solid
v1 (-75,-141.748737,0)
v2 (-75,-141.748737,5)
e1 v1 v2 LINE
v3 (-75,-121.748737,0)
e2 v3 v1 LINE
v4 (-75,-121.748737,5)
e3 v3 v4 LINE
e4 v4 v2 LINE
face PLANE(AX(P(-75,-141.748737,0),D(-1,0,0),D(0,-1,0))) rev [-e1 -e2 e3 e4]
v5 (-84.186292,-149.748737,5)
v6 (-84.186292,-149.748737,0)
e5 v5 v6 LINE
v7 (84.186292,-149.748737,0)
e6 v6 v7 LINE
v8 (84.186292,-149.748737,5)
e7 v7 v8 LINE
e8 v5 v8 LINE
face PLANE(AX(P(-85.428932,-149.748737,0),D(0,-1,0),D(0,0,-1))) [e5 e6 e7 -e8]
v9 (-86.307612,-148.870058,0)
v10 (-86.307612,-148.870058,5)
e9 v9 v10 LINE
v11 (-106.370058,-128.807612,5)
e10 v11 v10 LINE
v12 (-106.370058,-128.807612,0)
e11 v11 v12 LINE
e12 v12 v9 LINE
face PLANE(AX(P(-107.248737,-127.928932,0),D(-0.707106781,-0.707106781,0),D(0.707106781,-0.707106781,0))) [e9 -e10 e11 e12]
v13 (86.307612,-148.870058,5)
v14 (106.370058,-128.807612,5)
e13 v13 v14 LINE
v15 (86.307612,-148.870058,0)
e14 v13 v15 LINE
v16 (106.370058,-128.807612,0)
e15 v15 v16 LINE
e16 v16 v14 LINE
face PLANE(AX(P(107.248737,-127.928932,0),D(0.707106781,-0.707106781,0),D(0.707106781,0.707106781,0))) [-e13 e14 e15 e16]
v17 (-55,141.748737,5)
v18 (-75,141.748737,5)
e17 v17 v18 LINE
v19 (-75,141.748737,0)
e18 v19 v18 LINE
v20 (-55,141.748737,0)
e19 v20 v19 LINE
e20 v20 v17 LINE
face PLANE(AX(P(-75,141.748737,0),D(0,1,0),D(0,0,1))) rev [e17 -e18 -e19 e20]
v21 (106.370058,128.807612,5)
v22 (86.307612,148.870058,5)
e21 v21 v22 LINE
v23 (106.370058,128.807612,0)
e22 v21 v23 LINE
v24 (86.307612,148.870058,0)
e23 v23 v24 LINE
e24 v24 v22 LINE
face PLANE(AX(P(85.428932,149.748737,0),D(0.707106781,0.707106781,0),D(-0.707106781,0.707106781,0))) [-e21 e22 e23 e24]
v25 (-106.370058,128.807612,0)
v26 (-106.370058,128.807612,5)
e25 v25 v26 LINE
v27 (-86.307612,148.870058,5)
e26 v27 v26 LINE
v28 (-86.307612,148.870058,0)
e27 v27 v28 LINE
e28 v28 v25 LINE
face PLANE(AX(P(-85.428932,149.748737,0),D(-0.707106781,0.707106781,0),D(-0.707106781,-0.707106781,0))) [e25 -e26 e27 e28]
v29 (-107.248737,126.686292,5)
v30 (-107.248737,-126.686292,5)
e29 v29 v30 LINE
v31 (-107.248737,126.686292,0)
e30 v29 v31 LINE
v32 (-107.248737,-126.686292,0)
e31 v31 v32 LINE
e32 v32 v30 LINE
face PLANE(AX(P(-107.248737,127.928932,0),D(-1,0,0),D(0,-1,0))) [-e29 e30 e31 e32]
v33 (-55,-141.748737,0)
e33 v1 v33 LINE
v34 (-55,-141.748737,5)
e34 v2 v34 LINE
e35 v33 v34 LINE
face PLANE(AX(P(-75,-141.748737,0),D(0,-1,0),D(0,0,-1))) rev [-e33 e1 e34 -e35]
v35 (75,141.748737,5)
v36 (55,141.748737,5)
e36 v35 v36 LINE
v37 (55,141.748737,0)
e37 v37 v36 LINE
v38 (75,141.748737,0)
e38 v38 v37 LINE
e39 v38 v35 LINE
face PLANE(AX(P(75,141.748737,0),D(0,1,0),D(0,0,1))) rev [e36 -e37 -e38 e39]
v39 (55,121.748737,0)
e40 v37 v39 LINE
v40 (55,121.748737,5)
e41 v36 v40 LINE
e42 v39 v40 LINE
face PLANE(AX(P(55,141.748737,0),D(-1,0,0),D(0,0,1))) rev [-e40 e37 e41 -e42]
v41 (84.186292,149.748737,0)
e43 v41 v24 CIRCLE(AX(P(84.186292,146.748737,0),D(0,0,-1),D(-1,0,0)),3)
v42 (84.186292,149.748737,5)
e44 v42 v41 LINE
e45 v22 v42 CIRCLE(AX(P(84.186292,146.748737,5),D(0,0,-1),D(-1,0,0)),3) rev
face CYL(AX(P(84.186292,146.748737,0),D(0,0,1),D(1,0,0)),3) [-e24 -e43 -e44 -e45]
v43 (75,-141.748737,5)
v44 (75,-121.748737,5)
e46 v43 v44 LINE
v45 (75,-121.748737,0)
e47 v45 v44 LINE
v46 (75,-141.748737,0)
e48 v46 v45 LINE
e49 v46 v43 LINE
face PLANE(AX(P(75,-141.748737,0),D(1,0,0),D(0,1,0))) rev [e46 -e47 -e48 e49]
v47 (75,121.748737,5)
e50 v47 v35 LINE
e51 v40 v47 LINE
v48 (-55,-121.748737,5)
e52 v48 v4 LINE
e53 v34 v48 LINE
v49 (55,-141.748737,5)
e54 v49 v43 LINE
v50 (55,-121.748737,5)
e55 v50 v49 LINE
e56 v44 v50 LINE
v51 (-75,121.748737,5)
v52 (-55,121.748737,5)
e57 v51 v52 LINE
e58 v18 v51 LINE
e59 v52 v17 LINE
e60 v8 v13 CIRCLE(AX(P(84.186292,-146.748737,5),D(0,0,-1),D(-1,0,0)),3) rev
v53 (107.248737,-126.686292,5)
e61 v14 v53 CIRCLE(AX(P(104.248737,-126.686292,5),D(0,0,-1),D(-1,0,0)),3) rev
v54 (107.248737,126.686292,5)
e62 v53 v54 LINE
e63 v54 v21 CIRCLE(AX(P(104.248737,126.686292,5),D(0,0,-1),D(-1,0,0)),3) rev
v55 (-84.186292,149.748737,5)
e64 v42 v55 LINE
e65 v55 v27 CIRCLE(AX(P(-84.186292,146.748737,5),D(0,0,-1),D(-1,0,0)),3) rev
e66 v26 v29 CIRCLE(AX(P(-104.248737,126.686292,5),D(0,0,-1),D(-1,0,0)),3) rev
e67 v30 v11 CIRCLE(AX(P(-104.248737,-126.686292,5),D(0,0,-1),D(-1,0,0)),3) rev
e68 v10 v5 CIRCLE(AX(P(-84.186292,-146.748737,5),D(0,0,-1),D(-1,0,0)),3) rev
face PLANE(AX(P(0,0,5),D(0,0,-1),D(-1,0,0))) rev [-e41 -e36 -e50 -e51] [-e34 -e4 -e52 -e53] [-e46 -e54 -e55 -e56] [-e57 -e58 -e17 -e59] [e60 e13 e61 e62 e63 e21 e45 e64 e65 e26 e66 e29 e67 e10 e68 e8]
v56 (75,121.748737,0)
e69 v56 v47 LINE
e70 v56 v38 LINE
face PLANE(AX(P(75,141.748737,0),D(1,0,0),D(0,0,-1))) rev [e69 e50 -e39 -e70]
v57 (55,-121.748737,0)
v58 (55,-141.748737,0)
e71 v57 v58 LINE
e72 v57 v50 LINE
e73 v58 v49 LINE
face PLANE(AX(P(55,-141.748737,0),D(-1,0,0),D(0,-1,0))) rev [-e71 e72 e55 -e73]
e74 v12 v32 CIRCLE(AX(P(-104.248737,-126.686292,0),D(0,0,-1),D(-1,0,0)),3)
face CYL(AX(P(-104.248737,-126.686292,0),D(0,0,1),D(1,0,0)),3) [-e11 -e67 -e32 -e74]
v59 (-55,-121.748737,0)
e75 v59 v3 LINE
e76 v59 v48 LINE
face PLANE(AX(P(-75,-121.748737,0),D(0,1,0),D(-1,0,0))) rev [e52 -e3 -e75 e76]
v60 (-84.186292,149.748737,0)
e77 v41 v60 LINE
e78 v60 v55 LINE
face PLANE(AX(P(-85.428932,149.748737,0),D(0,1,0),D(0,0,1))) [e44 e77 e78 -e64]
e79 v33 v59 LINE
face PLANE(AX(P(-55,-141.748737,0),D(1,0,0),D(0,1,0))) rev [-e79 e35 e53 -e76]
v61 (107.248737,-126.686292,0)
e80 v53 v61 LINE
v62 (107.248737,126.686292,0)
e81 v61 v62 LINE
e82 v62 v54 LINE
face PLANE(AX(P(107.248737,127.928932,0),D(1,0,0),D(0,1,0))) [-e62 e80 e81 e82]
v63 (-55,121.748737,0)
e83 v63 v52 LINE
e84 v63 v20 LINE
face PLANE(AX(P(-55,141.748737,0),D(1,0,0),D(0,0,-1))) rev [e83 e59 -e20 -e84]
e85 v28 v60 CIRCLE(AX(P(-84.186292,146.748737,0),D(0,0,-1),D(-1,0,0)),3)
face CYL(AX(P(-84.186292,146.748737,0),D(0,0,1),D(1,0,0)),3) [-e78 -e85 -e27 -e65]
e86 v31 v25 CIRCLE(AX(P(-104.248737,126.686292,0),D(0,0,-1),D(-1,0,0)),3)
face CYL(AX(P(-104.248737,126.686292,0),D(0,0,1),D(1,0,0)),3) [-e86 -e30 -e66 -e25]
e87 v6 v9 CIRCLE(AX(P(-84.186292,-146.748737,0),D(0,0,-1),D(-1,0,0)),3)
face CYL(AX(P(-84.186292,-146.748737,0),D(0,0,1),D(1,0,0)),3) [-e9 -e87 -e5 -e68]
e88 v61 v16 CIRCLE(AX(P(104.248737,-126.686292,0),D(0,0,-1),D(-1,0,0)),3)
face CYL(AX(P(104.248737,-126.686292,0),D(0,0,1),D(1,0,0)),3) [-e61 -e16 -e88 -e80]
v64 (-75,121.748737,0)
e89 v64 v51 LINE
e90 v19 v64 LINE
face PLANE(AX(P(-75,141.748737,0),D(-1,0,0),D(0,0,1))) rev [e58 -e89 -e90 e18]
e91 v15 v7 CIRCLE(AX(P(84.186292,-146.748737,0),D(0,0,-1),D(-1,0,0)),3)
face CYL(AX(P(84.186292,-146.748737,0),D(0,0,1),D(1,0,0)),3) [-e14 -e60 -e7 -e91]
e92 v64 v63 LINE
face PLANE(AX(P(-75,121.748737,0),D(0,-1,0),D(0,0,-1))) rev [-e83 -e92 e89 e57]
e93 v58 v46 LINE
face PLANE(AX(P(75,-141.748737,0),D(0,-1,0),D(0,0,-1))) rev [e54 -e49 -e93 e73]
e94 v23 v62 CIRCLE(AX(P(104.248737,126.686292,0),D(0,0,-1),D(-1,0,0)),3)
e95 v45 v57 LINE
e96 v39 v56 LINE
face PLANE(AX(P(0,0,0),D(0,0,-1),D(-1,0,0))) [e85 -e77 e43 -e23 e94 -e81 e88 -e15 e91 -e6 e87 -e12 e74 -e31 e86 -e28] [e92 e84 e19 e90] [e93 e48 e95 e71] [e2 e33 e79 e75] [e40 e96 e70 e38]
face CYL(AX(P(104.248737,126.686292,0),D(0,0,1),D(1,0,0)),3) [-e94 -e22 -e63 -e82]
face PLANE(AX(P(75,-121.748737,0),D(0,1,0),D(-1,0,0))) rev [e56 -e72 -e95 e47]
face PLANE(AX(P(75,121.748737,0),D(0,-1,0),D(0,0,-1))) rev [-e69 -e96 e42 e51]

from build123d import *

# Parameters (mm, degrees)
BOSS_EXTRU_1_DEPTH      = 5
ESQUISSE2_W             = 20
ESQUISSE2_H             = 20
ENL_V_MAT_EXTRU_1_DEPTH = 5
ENL_V_MAT_EXTRU_2_DEPTH = 5
CONG_1_R                = 3


with BuildPart() as part:
    # Esquisse1 → Boss.-Extru.1 (new body)
    with BuildSketch(Plane.XY):
        Polygon((-112.248737342, -130), (-87.5, -154.748737342), (87.5, -154.748737342), (112.248737342, -130), (112.248737342, 130), (87.5, 154.748737342), (-87.5, 154.748737342), (-112.248737342, 130), align=None)
    extrude(amount=BOSS_EXTRU_1_DEPTH)

    # Esquisse2 → Enlèv. mat.-Extru.1 (cut)
    with BuildSketch(Plane.XY.offset(5)):
        with Locations((-65, 131.748737342)):
            Rectangle(ESQUISSE2_W, ESQUISSE2_H)
        with Locations((-65, -131.748737342)):
            Rectangle(ESQUISSE2_W, ESQUISSE2_H)
        with Locations((65, -131.748737342)):
            Rectangle(ESQUISSE2_W, ESQUISSE2_H)
        with Locations((65, 131.748737342)):
            Rectangle(ESQUISSE2_W, ESQUISSE2_H)
    extrude(amount=-ENL_V_MAT_EXTRU_1_DEPTH, mode=Mode.SUBTRACT)

    # Esquisse3 → Enlèv. mat.-Extru.2 (cut)
    with BuildSketch(Plane.XY.offset(5)):
        Polygon((-87.5, 154.748737342), (-112.248737342, 130), (-112.248737342, -130), (-87.5, -154.748737342), (87.5, -154.748737342), (112.248737342, -130), (112.248737342, 130), (87.5, 154.748737342), align=None)
        Polygon((-107.248737342, 127.928932188), (-107.248737342, -127.928932188), (-85.428932188, -149.748737342), (85.428932188, -149.748737342), (107.248737342, -127.928932188), (107.248737342, 127.928932188), (85.428932188, 149.748737342), (-85.428932188, 149.748737342), align=None, mode=Mode.SUBTRACT)
    extrude(amount=-ENL_V_MAT_EXTRU_2_DEPTH, mode=Mode.SUBTRACT)

    # Congé1
    cong_1_edges = [part.edges().sort_by_distance(p)[0] for p in [
        (-85.428932188, 149.748737342, 2.5),
        (85.428932188, 149.748737342, 2.5),
        (107.248737342, 127.928932188, 2.5),
        (107.248737342, -127.928932188, 2.5),
        (85.428932188, -149.748737342, 2.5),
        (-85.428932188, -149.748737342, 2.5),
        (-107.248737342, -127.928932188, 2.5),
        (-107.248737342, 127.928932188, 2.5),
    ]]
    fillet(cong_1_edges, radius=CONG_1_R)


solid = part.part
